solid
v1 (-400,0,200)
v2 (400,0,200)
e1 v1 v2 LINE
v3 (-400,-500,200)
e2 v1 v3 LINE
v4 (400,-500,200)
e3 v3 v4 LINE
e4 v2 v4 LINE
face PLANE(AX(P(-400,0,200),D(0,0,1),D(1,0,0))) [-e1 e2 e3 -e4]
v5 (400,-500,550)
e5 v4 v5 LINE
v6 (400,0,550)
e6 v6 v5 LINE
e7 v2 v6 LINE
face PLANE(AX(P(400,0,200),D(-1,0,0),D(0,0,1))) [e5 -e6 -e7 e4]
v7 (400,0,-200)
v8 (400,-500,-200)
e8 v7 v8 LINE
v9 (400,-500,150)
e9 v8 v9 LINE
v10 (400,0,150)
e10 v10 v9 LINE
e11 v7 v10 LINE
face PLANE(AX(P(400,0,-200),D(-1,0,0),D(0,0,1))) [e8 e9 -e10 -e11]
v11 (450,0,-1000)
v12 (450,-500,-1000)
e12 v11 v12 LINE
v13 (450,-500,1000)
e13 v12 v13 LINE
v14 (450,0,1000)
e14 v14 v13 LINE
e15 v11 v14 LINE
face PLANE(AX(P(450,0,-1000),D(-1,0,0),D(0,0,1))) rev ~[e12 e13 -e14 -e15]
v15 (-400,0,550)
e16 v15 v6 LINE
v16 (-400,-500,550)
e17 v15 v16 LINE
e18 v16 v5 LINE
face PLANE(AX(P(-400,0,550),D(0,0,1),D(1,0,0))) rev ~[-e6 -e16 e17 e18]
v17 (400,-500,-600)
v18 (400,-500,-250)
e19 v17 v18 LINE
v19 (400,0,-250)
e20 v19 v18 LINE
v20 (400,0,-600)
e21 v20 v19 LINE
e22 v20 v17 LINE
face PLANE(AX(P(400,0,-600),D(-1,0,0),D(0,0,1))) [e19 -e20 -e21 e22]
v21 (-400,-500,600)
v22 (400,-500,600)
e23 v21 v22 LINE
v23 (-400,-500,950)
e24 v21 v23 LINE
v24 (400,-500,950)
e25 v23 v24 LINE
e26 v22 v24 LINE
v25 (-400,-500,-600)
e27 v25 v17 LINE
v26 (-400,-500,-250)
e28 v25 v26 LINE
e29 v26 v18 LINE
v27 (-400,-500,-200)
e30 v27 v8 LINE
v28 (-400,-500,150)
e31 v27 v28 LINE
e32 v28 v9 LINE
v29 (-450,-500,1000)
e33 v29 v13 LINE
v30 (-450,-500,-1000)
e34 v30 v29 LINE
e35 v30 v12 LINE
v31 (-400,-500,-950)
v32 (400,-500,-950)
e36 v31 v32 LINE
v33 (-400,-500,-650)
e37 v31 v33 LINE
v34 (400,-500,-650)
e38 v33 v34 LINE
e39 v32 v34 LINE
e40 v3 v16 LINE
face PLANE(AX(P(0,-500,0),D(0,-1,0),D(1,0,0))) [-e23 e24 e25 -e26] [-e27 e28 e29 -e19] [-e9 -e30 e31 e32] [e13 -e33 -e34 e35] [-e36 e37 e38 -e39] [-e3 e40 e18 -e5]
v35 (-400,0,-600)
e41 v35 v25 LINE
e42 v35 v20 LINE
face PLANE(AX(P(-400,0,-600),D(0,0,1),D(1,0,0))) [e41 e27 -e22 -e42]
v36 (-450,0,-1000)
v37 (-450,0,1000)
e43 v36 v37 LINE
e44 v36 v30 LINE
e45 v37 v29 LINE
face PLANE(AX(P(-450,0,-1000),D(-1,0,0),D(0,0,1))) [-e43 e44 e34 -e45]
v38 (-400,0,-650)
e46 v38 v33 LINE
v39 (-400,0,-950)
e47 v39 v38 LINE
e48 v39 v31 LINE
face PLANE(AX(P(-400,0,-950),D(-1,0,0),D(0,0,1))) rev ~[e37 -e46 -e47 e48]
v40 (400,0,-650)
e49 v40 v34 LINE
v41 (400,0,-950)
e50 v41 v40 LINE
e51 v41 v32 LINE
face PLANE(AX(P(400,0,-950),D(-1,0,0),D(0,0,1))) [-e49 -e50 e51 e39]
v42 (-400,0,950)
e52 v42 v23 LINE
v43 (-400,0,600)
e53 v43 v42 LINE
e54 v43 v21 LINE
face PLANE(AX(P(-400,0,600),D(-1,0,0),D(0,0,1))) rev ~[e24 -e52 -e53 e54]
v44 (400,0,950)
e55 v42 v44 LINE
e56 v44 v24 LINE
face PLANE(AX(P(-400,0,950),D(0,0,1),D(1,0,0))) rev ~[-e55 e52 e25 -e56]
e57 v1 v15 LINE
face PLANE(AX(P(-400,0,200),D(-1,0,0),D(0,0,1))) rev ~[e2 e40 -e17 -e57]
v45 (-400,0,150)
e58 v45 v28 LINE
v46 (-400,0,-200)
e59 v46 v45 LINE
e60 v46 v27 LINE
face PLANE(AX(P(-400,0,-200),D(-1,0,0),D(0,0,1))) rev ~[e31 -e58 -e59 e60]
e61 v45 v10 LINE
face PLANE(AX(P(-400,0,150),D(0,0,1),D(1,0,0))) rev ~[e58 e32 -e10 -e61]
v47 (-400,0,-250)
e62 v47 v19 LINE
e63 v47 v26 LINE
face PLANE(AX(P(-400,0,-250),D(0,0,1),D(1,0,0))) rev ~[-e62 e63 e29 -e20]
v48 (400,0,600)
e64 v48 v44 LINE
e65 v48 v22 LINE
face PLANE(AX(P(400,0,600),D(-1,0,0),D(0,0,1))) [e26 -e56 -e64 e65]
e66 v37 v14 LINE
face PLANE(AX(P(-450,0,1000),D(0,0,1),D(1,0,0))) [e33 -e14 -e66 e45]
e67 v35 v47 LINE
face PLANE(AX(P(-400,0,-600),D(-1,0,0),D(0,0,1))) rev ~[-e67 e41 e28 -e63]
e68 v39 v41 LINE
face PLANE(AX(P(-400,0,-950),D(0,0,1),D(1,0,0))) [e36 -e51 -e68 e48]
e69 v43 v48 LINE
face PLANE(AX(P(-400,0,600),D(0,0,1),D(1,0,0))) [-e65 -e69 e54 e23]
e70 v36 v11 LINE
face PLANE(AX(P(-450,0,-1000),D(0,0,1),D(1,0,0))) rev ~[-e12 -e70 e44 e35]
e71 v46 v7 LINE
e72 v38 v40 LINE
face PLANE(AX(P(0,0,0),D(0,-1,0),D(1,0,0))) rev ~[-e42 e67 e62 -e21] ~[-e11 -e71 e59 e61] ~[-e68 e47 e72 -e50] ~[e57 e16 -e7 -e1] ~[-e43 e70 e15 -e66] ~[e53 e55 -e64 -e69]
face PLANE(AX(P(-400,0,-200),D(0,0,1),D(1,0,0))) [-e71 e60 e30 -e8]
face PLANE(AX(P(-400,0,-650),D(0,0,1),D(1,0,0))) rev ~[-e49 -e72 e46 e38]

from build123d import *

# Parameters (mm, degrees)
F0_W     = 900
F0_H     = 2000
F0_W_2   = 800
F0_H_2   = 300
F0_H_3   = 350
F1_DEPTH = 500


with BuildPart() as f1:
    # F0 (on Front) → F1 (new body)
    with BuildSketch(Plane.XZ):
        Rectangle(F0_W, F0_H)
        with Locations((0, -800)):
            Rectangle(F0_W_2, F0_H_2, mode=Mode.SUBTRACT)
        with Locations((0, -425)):
            Rectangle(F0_W_2, F0_H_3, mode=Mode.SUBTRACT)
        with Locations((0, -25)):
            Rectangle(F0_W_2, F0_H_3, mode=Mode.SUBTRACT)
        with Locations((0, 375)):
            Rectangle(F0_W_2, F0_H_3, mode=Mode.SUBTRACT)
        with Locations((0, 775)):
            Rectangle(F0_W_2, F0_H_3, mode=Mode.SUBTRACT)
    extrude(amount=F1_DEPTH)


solid = f1.part
